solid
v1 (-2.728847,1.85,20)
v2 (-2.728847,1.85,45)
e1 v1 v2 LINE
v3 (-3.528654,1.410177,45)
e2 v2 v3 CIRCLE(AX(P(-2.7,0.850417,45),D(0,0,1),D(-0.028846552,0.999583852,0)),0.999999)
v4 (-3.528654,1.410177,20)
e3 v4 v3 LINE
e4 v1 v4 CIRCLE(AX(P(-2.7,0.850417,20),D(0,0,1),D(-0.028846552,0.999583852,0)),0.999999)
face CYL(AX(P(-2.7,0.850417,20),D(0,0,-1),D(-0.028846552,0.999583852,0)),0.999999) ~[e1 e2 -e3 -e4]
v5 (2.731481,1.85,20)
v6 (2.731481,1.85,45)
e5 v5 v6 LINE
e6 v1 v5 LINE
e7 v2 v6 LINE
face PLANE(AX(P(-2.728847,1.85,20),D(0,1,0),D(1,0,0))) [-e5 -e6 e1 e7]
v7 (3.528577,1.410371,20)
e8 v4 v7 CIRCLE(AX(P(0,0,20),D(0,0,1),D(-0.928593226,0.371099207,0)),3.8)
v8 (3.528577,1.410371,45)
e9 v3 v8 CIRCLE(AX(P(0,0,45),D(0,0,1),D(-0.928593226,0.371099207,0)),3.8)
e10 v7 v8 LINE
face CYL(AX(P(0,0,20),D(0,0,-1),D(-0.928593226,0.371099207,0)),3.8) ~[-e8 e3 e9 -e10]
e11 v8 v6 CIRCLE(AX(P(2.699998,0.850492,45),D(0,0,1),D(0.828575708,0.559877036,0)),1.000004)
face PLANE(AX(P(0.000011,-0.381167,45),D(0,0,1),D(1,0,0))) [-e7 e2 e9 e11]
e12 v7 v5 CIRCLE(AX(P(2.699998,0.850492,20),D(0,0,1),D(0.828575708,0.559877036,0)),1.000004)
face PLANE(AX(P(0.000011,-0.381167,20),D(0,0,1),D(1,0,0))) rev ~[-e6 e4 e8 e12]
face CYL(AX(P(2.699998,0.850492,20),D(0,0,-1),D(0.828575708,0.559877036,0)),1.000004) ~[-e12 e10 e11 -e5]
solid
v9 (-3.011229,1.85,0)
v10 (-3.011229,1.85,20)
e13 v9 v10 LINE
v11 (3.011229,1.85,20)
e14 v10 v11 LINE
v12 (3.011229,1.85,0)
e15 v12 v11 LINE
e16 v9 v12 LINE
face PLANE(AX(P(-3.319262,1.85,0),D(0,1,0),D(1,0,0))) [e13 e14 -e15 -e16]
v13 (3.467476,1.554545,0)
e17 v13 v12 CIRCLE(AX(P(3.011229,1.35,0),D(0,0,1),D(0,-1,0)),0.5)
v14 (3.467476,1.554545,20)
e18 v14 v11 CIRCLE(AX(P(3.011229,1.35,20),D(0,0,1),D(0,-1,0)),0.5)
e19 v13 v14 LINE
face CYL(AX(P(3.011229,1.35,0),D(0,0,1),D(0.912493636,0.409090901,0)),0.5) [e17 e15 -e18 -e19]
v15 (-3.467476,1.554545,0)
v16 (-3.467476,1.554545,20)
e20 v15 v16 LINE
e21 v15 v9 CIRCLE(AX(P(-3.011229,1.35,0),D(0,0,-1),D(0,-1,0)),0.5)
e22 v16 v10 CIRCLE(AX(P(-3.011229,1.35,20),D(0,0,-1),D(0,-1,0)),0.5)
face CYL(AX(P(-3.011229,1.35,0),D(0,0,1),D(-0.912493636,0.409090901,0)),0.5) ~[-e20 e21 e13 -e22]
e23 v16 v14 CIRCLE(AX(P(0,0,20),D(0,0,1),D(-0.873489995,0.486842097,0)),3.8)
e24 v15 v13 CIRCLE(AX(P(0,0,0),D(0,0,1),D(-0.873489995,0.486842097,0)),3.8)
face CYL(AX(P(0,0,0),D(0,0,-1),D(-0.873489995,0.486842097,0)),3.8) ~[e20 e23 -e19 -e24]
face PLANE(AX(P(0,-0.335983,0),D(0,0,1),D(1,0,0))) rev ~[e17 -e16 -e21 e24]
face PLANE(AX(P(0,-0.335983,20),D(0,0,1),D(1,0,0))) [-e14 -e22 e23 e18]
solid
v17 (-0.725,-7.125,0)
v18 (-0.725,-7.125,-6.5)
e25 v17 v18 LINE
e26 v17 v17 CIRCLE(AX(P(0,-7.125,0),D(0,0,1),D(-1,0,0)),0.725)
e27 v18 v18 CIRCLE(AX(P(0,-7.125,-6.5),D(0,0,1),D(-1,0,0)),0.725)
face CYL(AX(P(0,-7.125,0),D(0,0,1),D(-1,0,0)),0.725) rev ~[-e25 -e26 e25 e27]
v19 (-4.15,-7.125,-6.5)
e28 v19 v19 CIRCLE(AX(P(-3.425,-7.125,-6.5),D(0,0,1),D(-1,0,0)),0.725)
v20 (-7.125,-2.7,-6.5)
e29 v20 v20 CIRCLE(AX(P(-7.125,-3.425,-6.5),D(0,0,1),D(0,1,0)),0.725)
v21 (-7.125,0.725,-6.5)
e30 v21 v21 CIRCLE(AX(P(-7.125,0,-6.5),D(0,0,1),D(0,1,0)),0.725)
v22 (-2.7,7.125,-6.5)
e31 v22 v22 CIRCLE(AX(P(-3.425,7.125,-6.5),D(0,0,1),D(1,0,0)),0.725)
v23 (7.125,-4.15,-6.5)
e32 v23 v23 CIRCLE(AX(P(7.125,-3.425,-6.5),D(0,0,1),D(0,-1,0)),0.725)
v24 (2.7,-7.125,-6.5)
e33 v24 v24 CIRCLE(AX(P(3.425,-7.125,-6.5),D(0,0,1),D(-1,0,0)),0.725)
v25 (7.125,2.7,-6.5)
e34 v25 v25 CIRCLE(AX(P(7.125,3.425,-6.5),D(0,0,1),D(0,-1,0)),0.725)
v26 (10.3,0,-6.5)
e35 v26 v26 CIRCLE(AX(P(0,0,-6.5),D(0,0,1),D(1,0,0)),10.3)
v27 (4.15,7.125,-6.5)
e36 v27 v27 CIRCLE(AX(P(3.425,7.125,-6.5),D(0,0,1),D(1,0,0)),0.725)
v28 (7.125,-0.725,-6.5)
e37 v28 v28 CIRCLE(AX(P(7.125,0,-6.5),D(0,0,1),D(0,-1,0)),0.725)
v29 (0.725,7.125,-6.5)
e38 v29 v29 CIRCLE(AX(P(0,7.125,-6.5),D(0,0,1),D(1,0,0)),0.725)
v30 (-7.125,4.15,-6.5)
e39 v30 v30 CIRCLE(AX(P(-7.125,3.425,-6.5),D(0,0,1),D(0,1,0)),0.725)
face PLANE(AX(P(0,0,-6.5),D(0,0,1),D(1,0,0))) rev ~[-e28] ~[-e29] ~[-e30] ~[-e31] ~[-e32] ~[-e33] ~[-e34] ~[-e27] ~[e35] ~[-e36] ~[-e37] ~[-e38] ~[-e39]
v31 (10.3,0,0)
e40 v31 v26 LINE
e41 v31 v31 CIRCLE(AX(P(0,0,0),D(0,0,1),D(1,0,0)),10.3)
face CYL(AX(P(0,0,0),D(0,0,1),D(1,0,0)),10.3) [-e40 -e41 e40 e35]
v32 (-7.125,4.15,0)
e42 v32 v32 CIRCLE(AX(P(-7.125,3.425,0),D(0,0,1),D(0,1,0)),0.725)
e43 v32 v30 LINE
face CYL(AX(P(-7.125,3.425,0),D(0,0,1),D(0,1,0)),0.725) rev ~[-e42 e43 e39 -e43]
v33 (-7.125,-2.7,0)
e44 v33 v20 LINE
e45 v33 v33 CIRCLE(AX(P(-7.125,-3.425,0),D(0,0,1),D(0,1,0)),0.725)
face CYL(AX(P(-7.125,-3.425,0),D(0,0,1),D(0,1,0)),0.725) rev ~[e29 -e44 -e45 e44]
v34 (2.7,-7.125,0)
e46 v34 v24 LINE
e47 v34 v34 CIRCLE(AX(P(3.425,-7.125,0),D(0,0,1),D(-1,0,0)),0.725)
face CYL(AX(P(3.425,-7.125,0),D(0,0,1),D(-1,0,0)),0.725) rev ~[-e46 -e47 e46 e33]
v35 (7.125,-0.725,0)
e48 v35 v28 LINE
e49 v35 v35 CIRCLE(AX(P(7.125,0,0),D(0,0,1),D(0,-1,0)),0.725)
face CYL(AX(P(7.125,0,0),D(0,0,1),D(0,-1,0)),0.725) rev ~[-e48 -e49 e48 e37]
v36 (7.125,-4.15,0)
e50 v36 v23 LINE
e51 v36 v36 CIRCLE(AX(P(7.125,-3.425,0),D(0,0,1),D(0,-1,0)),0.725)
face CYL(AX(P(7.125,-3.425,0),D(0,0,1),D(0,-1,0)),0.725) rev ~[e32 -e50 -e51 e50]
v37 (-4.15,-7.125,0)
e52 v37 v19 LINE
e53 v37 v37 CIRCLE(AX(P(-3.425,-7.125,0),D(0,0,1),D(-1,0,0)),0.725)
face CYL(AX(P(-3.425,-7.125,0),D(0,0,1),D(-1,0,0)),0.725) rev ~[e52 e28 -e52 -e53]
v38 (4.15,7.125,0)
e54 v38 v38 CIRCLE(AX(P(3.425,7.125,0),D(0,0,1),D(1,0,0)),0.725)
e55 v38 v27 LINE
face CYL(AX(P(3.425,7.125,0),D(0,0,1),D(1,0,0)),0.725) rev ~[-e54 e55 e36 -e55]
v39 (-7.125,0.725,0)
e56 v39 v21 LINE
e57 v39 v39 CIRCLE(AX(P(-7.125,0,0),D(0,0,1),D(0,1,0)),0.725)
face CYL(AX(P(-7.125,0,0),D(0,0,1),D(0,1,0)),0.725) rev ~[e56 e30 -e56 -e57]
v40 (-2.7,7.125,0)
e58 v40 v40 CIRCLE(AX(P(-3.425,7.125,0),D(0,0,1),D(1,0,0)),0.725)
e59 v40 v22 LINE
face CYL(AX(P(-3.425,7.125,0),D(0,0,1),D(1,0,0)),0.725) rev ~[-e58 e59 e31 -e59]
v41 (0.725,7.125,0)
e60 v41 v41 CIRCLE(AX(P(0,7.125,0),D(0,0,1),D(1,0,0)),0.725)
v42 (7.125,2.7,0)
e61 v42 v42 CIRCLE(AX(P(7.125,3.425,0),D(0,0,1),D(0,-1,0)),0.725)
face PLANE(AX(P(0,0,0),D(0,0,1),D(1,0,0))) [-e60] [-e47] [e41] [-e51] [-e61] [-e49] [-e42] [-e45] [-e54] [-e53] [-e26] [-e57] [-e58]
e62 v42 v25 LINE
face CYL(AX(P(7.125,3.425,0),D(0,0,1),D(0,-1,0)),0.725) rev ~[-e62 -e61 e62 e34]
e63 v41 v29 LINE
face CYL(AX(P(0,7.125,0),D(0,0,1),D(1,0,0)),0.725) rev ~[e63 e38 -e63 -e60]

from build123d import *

# Parameters (mm, degrees)
EXTRUDE002_DEPTH   = 25
SKETCH_R           = 10.3
EXTRUDE_DEPTH      = 6.5
SKETCH003_R        = 0.725
POCKET_DEPTH       = 10
POLARPATTERN_COUNT = 4
EXTRUDE001_DEPTH   = 20
FILLET_R           = 0.5


with BuildPart() as dshaftupperextrude:
    # Sketch002 (on Face4 of Extrude001) → Extrude002 (new body)
    with BuildSketch(Plane.XY.offset(20)):
        with BuildLine():
            ThreePointArc((-2.728847, 1.85), (-3.181859, 1.726665), (-3.528654, 1.410177))
            ThreePointArc((-3.528654, 1.410177), (0.000105, -3.8), (3.528577, 1.410371))
            ThreePointArc((3.528577, 1.410371), (3.182952, 1.726142), (2.731481, 1.85))
            Line((-2.728847, 1.85), (2.731481, 1.85))
        make_face()
    extrude(amount=EXTRUDE002_DEPTH)


with BuildPart() as basebody:
    # Sketch → Extrude (new body)
    with BuildSketch(Plane.XY):
        Circle(SKETCH_R)
    extrude(amount=-EXTRUDE_DEPTH)

    # Sketch003 (on Face3 of Extrude) → Pocket (cut)
    with BuildSketch(Plane.XY):
        with Locations((0, 7.125)):
            Circle(SKETCH003_R)
        with Locations((3.425, 7.125)):
            Circle(SKETCH003_R)
        with Locations((-3.425, 7.125)):
            Circle(SKETCH003_R)
    pocket = extrude(amount=-POCKET_DEPTH, mode=Mode.SUBTRACT)

    # PolarPattern: Pocket ×4 about axis
    polarpattern_axis = Axis((0, 0, 0), (0, 0, 1))
    for i in range(1, POLARPATTERN_COUNT):
        add(pocket.rotate(polarpattern_axis, i * 360 / POLARPATTERN_COUNT), mode=Mode.SUBTRACT)


with BuildPart() as dshaftlowerextrudefillet:
    # Sketch001 (on Face3 of Extrude) → Extrude001 (new body)
    with BuildSketch(Plane.XY):
        with BuildLine():
            ThreePointArc((-3.319262, 1.85), (0, -3.8), (3.319262, 1.85))
            Line((-3.319262, 1.85), (3.319262, 1.85))
        make_face()
    extrude(amount=EXTRUDE001_DEPTH)

    # Fillet
    fillet_edges = [dshaftlowerextrudefillet.edges().sort_by_distance(p)[0] for p in [
        (-3.319262, 1.85, 10),
        (3.319262, 1.85, 10),
    ]]
    fillet(fillet_edges, radius=FILLET_R)


solid = Compound([dshaftupperextrude.part, basebody.part, dshaftlowerextrudefillet.part])
